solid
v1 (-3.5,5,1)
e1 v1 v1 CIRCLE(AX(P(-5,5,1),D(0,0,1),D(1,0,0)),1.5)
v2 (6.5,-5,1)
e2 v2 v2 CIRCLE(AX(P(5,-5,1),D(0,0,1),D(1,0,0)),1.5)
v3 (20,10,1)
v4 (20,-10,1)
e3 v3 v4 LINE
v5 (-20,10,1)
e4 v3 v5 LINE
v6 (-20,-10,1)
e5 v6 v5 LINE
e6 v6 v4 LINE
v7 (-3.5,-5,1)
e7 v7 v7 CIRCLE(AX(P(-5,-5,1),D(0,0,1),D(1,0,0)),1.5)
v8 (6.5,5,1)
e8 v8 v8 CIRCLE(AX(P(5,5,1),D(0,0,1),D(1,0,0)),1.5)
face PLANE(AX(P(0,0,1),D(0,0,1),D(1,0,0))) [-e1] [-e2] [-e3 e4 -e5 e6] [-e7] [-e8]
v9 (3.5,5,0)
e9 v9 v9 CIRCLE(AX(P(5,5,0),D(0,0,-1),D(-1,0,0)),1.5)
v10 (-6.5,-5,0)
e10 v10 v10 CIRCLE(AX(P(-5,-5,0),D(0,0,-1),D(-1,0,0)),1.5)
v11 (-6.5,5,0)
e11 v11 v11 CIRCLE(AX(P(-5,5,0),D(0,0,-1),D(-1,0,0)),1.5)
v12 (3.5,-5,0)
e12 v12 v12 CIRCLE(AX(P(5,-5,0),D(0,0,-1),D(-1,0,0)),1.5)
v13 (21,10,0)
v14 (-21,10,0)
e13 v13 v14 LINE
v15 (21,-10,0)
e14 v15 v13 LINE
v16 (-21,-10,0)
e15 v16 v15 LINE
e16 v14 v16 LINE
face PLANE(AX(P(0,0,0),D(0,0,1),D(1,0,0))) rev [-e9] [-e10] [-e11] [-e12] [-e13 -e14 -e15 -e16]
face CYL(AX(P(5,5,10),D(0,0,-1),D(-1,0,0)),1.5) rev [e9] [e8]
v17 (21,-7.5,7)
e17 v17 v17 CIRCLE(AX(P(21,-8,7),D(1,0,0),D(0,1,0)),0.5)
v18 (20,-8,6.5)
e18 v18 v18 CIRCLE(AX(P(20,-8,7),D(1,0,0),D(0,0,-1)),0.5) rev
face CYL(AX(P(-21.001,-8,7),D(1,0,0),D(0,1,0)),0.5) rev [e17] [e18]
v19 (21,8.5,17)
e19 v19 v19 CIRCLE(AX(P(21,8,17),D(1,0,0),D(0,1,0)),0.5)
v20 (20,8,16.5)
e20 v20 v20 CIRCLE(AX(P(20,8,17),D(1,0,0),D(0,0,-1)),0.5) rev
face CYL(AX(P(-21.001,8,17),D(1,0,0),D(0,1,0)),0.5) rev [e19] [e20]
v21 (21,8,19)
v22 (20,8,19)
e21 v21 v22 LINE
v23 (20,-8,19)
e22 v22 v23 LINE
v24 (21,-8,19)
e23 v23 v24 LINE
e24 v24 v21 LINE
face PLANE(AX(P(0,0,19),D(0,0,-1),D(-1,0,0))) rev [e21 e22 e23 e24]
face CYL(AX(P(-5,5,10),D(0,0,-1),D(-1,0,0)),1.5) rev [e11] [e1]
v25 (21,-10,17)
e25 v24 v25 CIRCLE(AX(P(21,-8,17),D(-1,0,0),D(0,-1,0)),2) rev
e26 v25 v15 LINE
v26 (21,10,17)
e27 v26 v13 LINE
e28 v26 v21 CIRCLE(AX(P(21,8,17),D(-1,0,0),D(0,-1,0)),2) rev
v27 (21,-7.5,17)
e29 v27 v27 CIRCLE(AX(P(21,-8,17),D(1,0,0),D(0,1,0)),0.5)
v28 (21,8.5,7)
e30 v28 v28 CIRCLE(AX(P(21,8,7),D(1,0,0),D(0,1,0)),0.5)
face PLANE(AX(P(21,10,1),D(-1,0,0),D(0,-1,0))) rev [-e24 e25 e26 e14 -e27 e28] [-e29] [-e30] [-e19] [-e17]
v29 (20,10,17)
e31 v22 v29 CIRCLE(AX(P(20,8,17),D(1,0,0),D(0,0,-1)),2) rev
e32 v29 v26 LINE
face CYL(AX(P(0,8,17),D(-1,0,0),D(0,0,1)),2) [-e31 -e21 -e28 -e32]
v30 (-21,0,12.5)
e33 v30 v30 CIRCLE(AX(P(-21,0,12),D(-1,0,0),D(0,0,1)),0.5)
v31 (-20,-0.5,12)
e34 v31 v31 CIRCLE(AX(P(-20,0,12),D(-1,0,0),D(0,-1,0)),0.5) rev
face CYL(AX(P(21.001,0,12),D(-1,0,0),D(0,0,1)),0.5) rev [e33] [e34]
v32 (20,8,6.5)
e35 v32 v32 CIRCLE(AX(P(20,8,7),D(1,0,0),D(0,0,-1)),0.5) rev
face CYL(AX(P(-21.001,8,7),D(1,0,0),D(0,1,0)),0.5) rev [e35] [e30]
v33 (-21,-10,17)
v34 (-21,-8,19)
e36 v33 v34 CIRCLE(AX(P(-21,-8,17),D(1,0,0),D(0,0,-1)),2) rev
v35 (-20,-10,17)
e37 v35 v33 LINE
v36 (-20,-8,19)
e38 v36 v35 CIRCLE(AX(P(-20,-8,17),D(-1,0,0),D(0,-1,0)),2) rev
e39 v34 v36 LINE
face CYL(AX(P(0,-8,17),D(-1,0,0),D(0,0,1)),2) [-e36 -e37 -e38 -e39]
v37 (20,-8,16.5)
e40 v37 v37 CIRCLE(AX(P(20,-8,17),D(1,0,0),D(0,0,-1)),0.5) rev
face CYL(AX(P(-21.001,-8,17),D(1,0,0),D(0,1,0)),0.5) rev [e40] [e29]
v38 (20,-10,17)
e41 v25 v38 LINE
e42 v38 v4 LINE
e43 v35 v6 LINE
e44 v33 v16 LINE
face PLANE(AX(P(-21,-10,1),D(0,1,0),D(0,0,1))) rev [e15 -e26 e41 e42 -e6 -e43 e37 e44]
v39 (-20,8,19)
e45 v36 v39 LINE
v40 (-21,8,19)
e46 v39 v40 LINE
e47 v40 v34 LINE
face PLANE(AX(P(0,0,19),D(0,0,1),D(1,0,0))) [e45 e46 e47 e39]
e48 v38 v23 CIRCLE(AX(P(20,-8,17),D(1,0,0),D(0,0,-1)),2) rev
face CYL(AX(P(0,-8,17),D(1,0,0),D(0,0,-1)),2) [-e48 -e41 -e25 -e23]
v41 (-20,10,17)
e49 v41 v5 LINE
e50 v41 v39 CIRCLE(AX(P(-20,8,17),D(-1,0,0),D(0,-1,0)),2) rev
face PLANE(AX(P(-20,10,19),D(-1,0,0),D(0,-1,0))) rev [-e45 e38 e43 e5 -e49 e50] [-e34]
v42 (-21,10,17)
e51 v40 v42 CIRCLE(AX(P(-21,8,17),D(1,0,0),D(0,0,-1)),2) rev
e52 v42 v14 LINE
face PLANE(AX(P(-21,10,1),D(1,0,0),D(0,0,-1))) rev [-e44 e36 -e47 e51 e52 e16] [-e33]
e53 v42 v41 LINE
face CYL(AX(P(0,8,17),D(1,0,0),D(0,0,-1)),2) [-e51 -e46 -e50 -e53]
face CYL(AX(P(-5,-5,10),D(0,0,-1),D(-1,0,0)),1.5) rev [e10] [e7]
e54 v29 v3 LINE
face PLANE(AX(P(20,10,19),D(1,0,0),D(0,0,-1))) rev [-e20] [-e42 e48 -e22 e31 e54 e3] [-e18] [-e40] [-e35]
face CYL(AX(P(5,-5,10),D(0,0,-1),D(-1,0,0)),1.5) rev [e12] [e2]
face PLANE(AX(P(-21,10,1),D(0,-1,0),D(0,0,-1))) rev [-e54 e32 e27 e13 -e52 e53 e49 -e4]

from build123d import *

# Parameters (mm, degrees)
SKETCH_1_W          = 42
SKETCH_1_H          = 20
EXTRUDE_1_DEPTH     = 1
SKETCH_2_W          = 1
SKETCH_2_H          = 20
EXTRUDE_2_DEPTH     = 18
CUT_EXTRUDE_1_REACH = 49.17
SKETCH_3_R          = 0.5
FILLET_1_R          = 2
FILLET_2_R          = 2
FILLET_4_R          = 2
CUT_EXTRUDE_2_REACH = 49.17
SKETCH_6_R          = 0.5
SKETCH_7_R          = 1.5
CUT_EXTRUDE_3_DEPTH = 10


with BuildPart() as part:
    # 草图1 → 凸台-拉伸1 (new body)
    with BuildSketch(Plane.XY):
        Rectangle(SKETCH_1_W, SKETCH_1_H)
    extrude(amount=EXTRUDE_1_DEPTH)

    # 草图2 → 凸台-拉伸2 (add)
    with BuildSketch(Plane.XY.offset(1)):
        with Locations((-20.5, 0)):
            Rectangle(SKETCH_2_W, SKETCH_2_H)
        with Locations((20.5, 0)):
            Rectangle(SKETCH_2_W, SKETCH_2_H)
    extrude(amount=EXTRUDE_2_DEPTH)

    # 草图3 → 切除-拉伸1 (cut, up to next)
    with BuildSketch(Plane(origin=(21, 0, 0), x_dir=(0, 0, -1), z_dir=(1, 0, 0)), mode=Mode.PRIVATE) as cut_extrude_1_sk1:
        with Locations(Location((-17, 8, 0), (0, 0, 90))):
            Circle(SKETCH_3_R)
    cut_extrude_1_tool1 = extrude(cut_extrude_1_sk1.sketch, amount=-CUT_EXTRUDE_1_REACH, mode=Mode.PRIVATE) & part.part
    # 草图3 → 切除-拉伸1 (cut, up to next)
    with BuildSketch(Plane(origin=(21, 0, 0), x_dir=(0, 0, -1), z_dir=(1, 0, 0)), mode=Mode.PRIVATE) as cut_extrude_1_sk2:
        with Locations(Location((-7, 8, 0), (0, 0, 90))):
            Circle(SKETCH_3_R)
    cut_extrude_1_tool2 = extrude(cut_extrude_1_sk2.sketch, amount=-CUT_EXTRUDE_1_REACH, mode=Mode.PRIVATE) & part.part
    # 草图3 → 切除-拉伸1 (cut, up to next)
    with BuildSketch(Plane(origin=(21, 0, 0), x_dir=(0, 0, -1), z_dir=(1, 0, 0)), mode=Mode.PRIVATE) as cut_extrude_1_sk3:
        with Locations(Location((-7, -8, 0), (0, 0, 90))):
            Circle(SKETCH_3_R)
    cut_extrude_1_tool3 = extrude(cut_extrude_1_sk3.sketch, amount=-CUT_EXTRUDE_1_REACH, mode=Mode.PRIVATE) & part.part
    # 草图3 → 切除-拉伸1 (cut, up to next)
    with BuildSketch(Plane(origin=(21, 0, 0), x_dir=(0, 0, -1), z_dir=(1, 0, 0)), mode=Mode.PRIVATE) as cut_extrude_1_sk4:
        with Locations(Location((-17, -8, 0), (0, 0, 90))):
            Circle(SKETCH_3_R)
    cut_extrude_1_tool4 = extrude(cut_extrude_1_sk4.sketch, amount=-CUT_EXTRUDE_1_REACH, mode=Mode.PRIVATE) & part.part
    add(cut_extrude_1_tool1.solids().sort_by_distance((21, 8, 17))[0], mode=Mode.SUBTRACT)
    add(cut_extrude_1_tool2.solids().sort_by_distance((21, 8, 7))[0], mode=Mode.SUBTRACT)
    add(cut_extrude_1_tool3.solids().sort_by_distance((21, -8, 7))[0], mode=Mode.SUBTRACT)
    add(cut_extrude_1_tool4.solids().sort_by_distance((21, -8, 17))[0], mode=Mode.SUBTRACT)

    # 圆角1
    fillet_1_edges = [part.edges().sort_by_distance(p)[0] for p in [
        (20.5, 10, 19),
        (20.5, -10, 19),
    ]]
    fillet(fillet_1_edges, radius=FILLET_1_R)

    # 圆角2
    fillet_2_edges = [part.edges().sort_by_distance(p)[0] for p in [
        (-20.5, 10, 19),
    ]]
    fillet(fillet_2_edges, radius=FILLET_2_R)

    # 圆角4
    fillet_4_edges = [part.edges().sort_by_distance(p)[0] for p in [
        (-20.5, -10, 19),
    ]]
    fillet(fillet_4_edges, radius=FILLET_4_R)

    # 草图6 → 切除-拉伸2 (cut, up to next)
    with BuildSketch(Plane.ZY.offset(21), mode=Mode.PRIVATE) as cut_extrude_2_sk1:
        with Locations((12, 0)):
            Circle(SKETCH_6_R)
    cut_extrude_2_tool1 = extrude(cut_extrude_2_sk1.sketch, amount=-CUT_EXTRUDE_2_REACH, mode=Mode.PRIVATE) & part.part
    add(cut_extrude_2_tool1.solids().sort_by_distance((-21, 0, 12))[0], mode=Mode.SUBTRACT)

    # 草图7 → 切除-拉伸3 (cut)
    with BuildSketch(Plane(origin=(0, 0, 0), x_dir=(-1, 0, 0), z_dir=(0, 0, -1))):
        with Locations((5, -5)):
            Circle(SKETCH_7_R)
        with Locations((-5, -5)):
            Circle(SKETCH_7_R)
        with Locations((-5, 5)):
            Circle(SKETCH_7_R)
        with Locations((5, 5)):
            Circle(SKETCH_7_R)
    extrude(amount=-CUT_EXTRUDE_3_DEPTH, mode=Mode.SUBTRACT)


solid = part.part
